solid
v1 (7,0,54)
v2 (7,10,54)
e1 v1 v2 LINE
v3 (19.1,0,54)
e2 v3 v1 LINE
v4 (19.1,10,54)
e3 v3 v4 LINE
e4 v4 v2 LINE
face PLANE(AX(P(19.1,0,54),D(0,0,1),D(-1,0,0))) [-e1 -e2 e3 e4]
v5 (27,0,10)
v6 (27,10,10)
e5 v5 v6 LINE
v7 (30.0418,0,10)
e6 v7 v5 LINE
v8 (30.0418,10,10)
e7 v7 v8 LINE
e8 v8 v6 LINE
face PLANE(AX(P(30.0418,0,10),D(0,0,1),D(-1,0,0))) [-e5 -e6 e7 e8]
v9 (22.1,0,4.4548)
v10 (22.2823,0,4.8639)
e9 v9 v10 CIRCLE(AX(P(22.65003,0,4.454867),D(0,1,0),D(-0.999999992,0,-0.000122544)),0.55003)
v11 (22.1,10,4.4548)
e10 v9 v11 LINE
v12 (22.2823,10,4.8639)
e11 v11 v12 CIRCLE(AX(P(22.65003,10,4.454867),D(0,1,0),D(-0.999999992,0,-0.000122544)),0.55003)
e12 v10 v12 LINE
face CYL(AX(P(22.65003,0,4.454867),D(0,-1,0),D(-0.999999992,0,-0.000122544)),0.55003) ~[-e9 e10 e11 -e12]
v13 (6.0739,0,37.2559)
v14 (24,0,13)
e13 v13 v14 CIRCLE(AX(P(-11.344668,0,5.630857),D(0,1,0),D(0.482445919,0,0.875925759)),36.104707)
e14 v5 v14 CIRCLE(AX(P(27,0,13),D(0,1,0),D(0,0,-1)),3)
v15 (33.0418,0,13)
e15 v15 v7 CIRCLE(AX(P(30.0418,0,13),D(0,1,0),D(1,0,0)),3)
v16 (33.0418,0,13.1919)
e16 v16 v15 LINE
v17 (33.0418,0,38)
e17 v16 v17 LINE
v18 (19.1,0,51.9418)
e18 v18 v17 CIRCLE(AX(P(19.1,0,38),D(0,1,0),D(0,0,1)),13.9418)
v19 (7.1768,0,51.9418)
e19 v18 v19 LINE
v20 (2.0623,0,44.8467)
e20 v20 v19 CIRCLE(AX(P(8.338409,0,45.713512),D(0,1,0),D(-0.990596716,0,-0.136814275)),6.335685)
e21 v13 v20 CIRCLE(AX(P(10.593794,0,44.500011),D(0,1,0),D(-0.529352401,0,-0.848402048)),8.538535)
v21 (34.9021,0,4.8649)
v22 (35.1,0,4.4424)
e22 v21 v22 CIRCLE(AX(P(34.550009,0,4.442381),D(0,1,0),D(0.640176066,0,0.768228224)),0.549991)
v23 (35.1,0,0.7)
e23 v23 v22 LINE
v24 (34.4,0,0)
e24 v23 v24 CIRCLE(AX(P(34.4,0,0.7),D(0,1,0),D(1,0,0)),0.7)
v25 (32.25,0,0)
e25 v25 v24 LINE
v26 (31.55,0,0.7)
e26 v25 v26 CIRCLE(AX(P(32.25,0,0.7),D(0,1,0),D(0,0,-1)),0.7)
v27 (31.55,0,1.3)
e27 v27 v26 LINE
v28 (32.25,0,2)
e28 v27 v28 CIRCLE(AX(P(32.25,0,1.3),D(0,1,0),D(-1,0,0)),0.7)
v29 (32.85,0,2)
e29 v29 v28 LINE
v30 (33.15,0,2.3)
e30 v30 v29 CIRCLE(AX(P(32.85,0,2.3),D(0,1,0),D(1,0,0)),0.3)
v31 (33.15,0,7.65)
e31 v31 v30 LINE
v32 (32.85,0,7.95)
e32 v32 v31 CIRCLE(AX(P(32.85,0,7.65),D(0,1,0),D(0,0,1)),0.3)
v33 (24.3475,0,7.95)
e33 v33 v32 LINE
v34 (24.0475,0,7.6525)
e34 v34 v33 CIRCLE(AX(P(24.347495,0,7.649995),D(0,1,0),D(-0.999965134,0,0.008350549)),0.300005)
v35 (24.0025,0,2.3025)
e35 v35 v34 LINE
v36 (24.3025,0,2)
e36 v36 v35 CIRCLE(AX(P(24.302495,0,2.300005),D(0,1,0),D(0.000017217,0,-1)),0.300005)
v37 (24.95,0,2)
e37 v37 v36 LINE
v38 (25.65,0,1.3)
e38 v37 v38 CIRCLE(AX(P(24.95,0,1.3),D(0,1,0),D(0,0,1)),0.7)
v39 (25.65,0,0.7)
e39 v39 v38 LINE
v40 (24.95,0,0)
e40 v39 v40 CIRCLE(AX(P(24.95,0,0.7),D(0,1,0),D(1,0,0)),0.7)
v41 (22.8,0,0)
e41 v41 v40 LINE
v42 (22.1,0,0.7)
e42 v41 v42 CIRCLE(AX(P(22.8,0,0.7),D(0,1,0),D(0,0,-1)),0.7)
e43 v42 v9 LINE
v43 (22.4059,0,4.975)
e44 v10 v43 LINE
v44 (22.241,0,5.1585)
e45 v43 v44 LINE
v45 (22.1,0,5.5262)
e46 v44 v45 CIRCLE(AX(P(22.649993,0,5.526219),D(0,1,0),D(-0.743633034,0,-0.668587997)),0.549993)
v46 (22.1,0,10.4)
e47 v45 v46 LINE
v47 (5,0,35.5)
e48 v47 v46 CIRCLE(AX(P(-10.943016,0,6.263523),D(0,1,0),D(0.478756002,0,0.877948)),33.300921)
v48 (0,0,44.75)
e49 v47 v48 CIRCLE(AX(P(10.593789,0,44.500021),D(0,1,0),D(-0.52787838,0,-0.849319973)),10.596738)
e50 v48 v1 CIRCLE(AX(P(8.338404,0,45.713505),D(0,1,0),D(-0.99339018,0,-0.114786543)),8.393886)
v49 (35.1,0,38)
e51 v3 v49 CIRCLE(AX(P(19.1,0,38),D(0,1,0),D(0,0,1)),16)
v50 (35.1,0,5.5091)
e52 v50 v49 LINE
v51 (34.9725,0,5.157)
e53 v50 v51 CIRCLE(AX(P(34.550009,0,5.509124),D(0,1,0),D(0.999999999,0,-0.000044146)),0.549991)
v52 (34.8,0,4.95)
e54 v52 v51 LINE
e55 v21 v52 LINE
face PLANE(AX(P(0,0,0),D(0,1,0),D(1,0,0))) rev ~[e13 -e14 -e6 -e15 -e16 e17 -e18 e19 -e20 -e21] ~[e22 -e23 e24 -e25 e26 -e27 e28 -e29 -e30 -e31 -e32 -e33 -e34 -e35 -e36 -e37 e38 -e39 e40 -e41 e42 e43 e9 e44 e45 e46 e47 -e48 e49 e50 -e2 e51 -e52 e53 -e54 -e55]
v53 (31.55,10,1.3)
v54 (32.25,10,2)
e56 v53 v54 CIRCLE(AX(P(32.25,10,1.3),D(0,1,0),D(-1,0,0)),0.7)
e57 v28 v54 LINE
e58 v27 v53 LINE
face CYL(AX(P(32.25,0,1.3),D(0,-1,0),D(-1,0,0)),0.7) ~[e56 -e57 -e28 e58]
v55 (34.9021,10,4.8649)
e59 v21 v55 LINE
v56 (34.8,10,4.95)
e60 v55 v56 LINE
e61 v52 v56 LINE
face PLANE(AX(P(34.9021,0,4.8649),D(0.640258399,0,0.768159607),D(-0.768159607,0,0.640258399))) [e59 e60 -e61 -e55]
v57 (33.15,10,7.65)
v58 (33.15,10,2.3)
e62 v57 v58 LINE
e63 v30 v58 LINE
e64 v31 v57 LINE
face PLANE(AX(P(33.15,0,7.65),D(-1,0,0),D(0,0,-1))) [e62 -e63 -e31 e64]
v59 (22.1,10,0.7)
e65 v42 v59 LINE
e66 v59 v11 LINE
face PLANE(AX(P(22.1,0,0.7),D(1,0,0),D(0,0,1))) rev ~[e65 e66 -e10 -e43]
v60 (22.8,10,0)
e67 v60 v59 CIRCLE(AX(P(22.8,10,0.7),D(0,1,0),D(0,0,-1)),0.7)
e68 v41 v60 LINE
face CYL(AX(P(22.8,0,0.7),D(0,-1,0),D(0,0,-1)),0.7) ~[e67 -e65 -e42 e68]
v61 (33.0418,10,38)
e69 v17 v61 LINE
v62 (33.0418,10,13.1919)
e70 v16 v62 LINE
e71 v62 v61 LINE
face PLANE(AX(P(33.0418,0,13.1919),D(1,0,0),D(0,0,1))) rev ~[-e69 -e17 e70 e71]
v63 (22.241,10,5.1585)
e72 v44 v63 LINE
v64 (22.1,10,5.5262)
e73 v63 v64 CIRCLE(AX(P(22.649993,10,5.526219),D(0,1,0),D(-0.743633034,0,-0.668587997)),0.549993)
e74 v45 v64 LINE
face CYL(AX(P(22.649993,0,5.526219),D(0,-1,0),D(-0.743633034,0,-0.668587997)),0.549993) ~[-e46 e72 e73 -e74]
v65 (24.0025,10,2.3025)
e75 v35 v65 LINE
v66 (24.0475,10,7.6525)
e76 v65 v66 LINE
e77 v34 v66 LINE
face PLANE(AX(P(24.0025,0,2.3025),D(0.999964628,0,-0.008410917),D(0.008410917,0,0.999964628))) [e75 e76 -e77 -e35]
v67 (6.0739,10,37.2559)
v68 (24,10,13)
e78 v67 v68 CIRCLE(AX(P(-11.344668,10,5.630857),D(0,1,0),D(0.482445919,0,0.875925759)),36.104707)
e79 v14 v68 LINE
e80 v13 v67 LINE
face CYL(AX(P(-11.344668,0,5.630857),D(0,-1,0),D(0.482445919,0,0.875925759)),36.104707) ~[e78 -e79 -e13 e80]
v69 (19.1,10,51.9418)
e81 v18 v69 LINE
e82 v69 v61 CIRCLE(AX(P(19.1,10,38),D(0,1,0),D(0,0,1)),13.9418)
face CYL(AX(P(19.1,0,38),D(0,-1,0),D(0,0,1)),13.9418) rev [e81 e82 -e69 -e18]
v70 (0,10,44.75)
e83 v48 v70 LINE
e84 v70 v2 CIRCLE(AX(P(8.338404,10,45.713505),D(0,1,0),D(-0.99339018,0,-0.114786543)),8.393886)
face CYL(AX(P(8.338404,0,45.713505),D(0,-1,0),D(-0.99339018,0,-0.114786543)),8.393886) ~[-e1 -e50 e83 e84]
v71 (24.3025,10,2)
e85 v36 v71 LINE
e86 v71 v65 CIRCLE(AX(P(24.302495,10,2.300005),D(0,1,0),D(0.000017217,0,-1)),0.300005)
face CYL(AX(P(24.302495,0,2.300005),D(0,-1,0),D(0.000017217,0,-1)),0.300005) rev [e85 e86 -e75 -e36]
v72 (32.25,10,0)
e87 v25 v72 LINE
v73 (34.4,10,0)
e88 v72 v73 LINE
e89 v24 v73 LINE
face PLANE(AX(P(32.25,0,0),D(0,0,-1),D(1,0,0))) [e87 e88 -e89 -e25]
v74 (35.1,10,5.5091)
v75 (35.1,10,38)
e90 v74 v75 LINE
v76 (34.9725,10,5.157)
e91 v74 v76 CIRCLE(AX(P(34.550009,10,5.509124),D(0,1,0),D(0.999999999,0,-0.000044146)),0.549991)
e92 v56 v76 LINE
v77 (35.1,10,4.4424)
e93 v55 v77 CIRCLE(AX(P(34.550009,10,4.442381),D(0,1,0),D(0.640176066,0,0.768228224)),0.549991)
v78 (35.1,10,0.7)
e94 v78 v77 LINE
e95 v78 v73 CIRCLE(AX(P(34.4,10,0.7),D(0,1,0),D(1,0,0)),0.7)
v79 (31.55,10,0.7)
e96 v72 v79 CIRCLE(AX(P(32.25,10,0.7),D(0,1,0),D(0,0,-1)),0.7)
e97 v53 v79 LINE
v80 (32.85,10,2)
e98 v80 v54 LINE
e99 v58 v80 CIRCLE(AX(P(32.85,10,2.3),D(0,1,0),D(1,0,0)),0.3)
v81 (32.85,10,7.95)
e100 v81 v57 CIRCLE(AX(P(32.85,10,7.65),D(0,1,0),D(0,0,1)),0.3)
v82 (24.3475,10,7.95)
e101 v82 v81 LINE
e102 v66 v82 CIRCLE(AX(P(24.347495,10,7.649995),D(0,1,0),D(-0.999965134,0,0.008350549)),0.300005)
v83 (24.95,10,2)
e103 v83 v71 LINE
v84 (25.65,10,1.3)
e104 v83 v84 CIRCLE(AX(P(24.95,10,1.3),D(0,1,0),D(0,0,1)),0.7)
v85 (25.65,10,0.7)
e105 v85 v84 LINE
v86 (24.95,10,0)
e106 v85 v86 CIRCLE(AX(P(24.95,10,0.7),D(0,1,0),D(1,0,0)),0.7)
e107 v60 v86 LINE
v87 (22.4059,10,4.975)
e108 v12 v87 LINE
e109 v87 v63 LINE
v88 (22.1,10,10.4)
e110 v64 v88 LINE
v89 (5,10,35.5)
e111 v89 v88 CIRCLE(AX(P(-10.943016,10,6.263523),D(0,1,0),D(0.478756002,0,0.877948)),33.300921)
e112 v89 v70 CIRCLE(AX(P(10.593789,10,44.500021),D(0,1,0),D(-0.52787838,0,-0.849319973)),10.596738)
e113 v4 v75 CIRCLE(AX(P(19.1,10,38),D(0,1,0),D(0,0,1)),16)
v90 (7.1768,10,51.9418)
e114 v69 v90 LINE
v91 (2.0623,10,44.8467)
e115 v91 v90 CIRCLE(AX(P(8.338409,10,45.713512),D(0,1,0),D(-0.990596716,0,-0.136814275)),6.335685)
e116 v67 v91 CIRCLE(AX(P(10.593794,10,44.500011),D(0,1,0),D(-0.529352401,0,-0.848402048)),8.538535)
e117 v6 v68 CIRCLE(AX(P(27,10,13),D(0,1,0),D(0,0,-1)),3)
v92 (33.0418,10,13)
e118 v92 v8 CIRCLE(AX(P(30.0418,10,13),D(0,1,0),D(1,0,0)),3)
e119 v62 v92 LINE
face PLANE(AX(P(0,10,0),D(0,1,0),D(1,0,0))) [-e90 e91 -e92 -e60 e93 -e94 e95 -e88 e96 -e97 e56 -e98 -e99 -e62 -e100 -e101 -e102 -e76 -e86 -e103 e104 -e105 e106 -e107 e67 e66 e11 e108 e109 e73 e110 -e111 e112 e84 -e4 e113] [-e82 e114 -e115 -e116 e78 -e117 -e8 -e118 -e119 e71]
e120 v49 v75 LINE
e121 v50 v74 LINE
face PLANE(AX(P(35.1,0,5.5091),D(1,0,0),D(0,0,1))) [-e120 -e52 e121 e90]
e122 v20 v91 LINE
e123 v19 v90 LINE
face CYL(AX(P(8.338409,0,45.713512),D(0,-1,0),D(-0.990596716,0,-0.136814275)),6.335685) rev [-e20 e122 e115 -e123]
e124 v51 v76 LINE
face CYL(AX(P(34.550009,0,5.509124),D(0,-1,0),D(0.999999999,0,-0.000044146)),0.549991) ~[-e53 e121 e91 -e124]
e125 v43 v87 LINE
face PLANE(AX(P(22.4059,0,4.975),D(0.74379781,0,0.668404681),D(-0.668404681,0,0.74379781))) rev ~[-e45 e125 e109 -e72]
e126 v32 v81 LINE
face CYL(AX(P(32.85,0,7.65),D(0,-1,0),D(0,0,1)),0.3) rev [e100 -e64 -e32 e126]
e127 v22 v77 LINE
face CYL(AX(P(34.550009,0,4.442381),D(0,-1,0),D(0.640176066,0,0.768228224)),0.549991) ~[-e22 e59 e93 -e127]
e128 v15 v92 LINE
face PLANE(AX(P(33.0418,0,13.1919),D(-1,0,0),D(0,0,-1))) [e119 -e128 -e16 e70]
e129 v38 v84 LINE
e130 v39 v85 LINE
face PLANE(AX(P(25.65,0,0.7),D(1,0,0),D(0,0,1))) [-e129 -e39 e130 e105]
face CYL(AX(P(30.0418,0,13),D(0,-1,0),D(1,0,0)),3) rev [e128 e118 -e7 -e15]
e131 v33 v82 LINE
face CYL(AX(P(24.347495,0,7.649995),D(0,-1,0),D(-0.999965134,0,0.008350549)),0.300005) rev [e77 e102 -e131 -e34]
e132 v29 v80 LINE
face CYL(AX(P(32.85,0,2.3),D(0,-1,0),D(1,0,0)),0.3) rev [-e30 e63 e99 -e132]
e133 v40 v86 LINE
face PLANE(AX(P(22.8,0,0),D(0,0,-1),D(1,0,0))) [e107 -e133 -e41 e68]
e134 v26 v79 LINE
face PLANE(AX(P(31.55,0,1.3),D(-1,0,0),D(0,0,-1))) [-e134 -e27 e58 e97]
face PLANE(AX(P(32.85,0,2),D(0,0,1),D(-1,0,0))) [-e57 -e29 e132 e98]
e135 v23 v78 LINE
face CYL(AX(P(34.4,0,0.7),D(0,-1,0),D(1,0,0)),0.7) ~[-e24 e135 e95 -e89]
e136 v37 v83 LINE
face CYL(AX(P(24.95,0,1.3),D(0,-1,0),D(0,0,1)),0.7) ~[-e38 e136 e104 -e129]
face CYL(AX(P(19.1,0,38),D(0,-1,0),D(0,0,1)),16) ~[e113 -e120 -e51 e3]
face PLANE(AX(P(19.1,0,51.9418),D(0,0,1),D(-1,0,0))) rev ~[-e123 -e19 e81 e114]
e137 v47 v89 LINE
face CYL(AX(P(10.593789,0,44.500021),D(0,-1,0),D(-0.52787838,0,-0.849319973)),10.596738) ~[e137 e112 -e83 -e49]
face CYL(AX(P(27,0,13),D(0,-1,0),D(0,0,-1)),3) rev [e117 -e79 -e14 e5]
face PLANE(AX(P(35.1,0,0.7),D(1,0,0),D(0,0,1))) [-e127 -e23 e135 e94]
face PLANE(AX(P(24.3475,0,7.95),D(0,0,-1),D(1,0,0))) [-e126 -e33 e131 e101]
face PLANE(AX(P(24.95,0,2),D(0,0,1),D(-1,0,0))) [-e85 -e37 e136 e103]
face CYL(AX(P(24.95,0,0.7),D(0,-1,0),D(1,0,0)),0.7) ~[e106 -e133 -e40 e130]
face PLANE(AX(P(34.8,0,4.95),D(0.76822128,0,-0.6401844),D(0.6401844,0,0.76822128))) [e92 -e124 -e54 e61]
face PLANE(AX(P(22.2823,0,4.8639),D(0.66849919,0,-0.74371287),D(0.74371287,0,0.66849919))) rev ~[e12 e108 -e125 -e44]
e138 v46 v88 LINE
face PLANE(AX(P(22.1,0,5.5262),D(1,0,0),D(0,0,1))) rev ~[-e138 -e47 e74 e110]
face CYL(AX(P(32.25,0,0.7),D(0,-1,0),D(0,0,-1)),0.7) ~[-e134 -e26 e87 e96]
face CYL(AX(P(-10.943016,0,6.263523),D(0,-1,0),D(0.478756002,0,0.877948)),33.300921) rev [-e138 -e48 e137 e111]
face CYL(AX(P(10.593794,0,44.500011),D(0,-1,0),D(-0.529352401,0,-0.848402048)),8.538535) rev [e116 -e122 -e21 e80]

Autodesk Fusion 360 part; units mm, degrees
sketch "Boceto1" plane through (0, 0, 0) normal (0, 1, 0) x (1, 0, 0)
  line L0 (0, 0) -> (22.1, 0) construction
  line L1 (22.8, 0) -> (24.95, 0)
  line L2 (25.65, -0.7) -> (25.65, -1.3)
  line L3 (24.95, -2) -> (24.3025, -2)
  line L4 (24.0025, -2.3025) -> (24.0475, -7.6525)
  line L5 (24.3475, -7.95) -> (32.85, -7.95)
  line L6 (33.15, -7.65) -> (33.15, -2.3)
  line L7 (32.85, -2) -> (32.25, -2)
  line L8 (31.55, -1.3) -> (31.55, -0.7)
  line L9 (32.25, 0) -> (34.4, 0)
  line L10 (35.1, -0.7) -> (35.1, -4.4424)
  line L11 (34.9021, -4.8649) -> (34.8, -4.95)
  line L12 (34.8, -4.95) -> (34.9725, -5.157)
  line L13 (35.1, -5.5091) -> (35.1, -38)
  line L14 (19.1, -54) -> (7, -54)
  line L15 (22.1, -0.7) -> (22.1, -4.4548)
  line L16 (22.2823, -4.8639) -> (22.4059, -4.975)
  line L17 (22.4059, -4.975) -> (22.241, -5.1585)
  line L18 (22.1, -5.5262) -> (22.1, -10.4)
  arc A0 (22.1, -4.4548) -> (22.2823, -4.8639) centre (22.65, -4.4548) ccw
  arc A1 (22.241, -5.1585) -> (22.1, -5.5262) centre (22.65, -5.5262) ccw
  arc A2 (35.1, -5.5091) -> (34.9725, -5.157) centre (34.55, -5.5091) ccw
  arc A3 (34.9021, -4.8649) -> (35.1, -4.4424) centre (34.55, -4.4424) ccw
  arc A4 (24.95, -2) -> (25.65, -1.3) centre (24.95, -1.3) ccw
  arc A5 (25.65, -0.7) -> (24.95, 0) centre (24.95, -0.7) ccw
  arc A6 (22.8, 0) -> (22.1, -0.7) centre (22.8, -0.7) ccw
  arc A7 (31.55, -1.3) -> (32.25, -2) centre (32.25, -1.3) ccw
  arc A8 (32.25, 0) -> (31.55, -0.7) centre (32.25, -0.7) ccw
  arc A9 (35.1, -0.7) -> (34.4, 0) centre (34.4, -0.7) ccw
  arc A10 (24.3025, -2) -> (24.0025, -2.3025) centre (24.3025, -2.3) ccw
  arc A11 (33.15, -2.3) -> (32.85, -2) centre (32.85, -2.3) ccw
  arc A12 (24.0475, -7.6525) -> (24.3475, -7.95) centre (24.3475, -7.65) ccw
  arc A13 (32.85, -7.95) -> (33.15, -7.65) centre (32.85, -7.65) ccw
  arc A14 (19.1, -54) -> (35.1, -38) centre (19.1, -38) ccw
  arc A15 (5, -35.5) -> (22.1, -10.4) centre (-10.943, -6.2635) ccw
  arc A16 (5, -35.5) -> (0, -44.75) centre (10.5938, -44.5) ccw
  arc A17 (0, -44.75) -> (7, -54) centre (8.3384, -45.7135) ccw
  line L19 (19.1, -51.9418) -> (7.1768, -51.9418)
  arc A18 (2.0623, -44.8467) -> (7.1768, -51.9418) centre (8.3384, -45.7135) ccw
  arc A19 (6.0739, -37.2559) -> (2.0623, -44.8467) centre (10.5938, -44.5) ccw
  line L20 (33.0418, -13.1919) -> (33.0418, -38)
  arc A20 (19.1, -51.9418) -> (33.0418, -38) centre (19.1, -38) ccw
  line L21 (33.0418, -13.1919) -> (33.0418, -13)
  line L22 (30.0418, -10) -> (27, -10)
  arc A21 (27, -10) -> (24, -13) centre (27, -13) ccw
  arc A22 (33.0418, -13) -> (30.0418, -10) centre (30.0418, -13) ccw
  arc A23 (6.0739, -37.2559) -> (24, -13) centre (-11.3447, -5.6309) ccw
  dimension "d1" = 0.55
  dimension "d2" = 0.7
  dimension "d3" = 0.3
  dimension "d4" = 0.3
  dimension "d5" = 16
  dimension "d9" = 3
extrude "Extruir1" add sketch "Boceto1" along normal blind 10
equation "L = 10 mm"
equation "d11 = L"
